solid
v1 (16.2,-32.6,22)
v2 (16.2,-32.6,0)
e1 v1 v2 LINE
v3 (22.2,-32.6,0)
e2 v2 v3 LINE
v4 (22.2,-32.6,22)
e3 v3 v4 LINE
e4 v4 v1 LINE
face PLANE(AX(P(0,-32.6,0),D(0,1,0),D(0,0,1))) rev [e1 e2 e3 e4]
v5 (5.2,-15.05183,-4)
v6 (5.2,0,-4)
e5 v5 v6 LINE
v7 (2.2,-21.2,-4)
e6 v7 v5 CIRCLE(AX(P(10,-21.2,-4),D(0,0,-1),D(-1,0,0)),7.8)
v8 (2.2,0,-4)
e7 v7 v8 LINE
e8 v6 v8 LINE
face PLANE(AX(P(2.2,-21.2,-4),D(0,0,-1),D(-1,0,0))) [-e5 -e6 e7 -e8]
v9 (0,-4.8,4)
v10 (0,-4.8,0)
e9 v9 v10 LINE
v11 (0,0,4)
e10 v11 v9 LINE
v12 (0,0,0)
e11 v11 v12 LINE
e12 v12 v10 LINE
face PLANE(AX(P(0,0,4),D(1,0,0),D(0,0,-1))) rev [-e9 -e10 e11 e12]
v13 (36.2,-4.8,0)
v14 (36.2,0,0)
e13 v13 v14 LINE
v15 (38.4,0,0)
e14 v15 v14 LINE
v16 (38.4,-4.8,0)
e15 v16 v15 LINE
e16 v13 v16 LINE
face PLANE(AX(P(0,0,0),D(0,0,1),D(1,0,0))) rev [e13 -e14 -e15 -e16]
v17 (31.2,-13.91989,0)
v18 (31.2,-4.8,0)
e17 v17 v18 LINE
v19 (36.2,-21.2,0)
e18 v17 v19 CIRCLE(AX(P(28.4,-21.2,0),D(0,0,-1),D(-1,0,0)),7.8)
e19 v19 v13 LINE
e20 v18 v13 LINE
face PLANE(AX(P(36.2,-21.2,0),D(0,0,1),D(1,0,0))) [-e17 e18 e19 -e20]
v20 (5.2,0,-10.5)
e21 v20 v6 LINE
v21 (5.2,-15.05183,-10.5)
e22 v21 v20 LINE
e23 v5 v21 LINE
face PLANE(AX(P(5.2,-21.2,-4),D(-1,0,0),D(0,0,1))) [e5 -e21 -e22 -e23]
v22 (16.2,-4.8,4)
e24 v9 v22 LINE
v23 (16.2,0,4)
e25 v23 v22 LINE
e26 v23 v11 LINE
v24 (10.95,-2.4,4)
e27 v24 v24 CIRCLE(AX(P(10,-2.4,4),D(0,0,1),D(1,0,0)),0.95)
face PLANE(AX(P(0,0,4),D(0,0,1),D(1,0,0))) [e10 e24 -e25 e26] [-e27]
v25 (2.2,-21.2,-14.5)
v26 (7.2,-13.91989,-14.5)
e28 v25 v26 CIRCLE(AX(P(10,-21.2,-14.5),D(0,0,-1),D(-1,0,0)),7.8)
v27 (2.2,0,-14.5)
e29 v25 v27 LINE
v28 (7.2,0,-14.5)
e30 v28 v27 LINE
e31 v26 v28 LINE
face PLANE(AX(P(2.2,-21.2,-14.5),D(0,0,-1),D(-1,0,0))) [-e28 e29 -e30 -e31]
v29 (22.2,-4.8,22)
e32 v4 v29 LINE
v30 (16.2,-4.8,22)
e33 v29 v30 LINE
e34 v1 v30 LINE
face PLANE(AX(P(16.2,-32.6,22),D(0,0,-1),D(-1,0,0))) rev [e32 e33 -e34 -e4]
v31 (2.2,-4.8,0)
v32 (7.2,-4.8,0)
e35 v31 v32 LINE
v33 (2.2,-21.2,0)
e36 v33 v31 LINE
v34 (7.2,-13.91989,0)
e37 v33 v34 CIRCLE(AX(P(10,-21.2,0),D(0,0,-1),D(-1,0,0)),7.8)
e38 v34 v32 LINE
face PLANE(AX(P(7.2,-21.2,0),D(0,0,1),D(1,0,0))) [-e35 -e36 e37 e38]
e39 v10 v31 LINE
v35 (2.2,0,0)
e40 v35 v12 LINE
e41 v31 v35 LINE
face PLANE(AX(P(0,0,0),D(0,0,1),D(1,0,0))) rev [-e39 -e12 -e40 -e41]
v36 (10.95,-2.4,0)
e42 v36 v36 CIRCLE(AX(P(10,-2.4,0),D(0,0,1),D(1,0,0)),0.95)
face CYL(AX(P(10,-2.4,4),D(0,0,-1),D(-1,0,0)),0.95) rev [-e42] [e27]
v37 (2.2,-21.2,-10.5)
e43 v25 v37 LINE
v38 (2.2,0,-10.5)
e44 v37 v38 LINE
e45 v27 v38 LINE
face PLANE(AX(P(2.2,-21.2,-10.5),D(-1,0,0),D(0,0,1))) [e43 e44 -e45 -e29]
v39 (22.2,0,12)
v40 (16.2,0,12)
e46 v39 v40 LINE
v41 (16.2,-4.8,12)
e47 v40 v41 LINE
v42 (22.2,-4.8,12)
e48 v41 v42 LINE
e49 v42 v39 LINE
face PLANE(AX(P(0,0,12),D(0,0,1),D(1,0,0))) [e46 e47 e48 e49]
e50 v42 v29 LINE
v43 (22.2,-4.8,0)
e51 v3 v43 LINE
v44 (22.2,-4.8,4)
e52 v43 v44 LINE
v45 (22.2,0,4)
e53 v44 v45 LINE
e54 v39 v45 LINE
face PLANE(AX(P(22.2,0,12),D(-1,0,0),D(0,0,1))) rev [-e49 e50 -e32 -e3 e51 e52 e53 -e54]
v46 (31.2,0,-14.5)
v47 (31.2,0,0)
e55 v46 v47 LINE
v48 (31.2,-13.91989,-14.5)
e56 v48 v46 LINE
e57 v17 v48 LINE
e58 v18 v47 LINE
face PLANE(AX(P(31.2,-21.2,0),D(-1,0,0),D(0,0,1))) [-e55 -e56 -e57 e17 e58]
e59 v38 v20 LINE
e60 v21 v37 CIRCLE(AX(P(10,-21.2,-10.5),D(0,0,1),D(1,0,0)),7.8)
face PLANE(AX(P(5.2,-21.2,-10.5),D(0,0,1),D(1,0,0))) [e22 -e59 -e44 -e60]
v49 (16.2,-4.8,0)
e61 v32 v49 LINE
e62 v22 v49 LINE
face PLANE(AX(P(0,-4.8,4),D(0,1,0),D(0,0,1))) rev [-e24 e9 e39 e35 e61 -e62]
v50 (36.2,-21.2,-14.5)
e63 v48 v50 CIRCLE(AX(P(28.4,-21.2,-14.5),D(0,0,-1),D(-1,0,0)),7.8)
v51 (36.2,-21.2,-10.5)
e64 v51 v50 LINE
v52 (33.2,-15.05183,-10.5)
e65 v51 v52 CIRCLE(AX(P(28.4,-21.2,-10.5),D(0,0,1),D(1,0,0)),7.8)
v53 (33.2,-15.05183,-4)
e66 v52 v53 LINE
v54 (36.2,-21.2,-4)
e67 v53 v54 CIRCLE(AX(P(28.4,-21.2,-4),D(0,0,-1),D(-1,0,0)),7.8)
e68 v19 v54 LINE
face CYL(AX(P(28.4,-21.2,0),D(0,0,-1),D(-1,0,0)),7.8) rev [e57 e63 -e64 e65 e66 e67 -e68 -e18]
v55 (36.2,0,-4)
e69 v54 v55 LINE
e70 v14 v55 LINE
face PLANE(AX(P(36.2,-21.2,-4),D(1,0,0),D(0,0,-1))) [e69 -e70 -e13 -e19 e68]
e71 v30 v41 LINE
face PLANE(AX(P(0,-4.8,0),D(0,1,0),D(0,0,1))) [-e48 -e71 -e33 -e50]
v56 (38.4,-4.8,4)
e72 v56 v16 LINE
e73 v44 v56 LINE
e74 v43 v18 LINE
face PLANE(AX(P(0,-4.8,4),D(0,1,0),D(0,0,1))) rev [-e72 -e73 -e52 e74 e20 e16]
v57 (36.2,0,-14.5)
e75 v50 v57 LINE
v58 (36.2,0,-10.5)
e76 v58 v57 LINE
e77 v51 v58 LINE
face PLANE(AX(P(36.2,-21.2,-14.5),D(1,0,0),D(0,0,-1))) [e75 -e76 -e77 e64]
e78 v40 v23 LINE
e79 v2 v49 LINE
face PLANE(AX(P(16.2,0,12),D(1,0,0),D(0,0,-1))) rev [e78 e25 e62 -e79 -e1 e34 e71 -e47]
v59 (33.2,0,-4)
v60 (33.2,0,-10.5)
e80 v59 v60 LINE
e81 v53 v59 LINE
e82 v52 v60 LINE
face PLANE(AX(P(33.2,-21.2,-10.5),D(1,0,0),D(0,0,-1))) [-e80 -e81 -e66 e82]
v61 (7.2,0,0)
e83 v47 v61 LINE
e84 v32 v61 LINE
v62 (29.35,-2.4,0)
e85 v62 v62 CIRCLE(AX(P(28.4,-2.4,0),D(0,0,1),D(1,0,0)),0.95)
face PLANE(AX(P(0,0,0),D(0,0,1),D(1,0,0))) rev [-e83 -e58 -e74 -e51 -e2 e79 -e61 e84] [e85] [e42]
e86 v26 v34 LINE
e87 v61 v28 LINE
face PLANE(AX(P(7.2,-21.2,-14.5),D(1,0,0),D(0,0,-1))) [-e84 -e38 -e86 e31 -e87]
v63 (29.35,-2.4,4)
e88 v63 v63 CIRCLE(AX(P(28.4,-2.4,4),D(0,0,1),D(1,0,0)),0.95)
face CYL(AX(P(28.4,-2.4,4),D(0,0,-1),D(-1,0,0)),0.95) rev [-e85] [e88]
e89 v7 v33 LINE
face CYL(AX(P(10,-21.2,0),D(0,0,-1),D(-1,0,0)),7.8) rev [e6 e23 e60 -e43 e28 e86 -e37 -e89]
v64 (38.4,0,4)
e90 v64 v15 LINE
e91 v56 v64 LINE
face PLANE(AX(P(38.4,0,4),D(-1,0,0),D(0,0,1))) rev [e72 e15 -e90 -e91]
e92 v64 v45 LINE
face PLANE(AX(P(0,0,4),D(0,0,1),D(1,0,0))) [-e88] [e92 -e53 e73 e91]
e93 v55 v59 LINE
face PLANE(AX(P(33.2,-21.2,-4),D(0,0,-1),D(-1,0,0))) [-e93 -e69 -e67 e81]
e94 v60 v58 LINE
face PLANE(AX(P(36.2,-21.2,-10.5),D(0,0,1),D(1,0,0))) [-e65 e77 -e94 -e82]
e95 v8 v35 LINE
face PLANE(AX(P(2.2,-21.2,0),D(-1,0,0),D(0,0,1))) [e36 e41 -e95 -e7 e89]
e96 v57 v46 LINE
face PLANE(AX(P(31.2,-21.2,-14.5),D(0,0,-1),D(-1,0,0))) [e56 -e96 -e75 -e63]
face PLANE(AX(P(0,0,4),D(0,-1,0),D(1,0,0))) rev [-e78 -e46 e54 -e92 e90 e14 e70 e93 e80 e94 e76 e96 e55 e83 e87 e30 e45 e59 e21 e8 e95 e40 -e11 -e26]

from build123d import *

# Parameters (mm, degrees)
SKETCH_1_W          = 38.4
SKETCH_1_H          = 4.8
SKETCH_1_R          = 0.95
EXTRUDE_1_DEPTH     = 4
EXTRUDE_2_DEPTH     = 21.2
SKETCH_5_R          = 7.8
CUT_EXTRUDE_2_DEPTH = 14.5
SKETCH_8_W          = 6
SKETCH_8_H          = 4.8
EXTRUDE_4_DEPTH     = 8
SKETCH_9_W          = 6
SKETCH_9_H          = 22
EXTRUDE_5_DEPTH     = 27.8


with BuildPart() as part:
    # 草图1 → 凸台-拉伸1 (new body)
    with BuildSketch(Plane.XY):
        with Locations((19.2, -2.4)):
            Rectangle(SKETCH_1_W, SKETCH_1_H)
        with Locations((10, -2.4)):
            Circle(SKETCH_1_R, mode=Mode.SUBTRACT)
        with Locations((28.4, -2.4)):
            Circle(SKETCH_1_R, mode=Mode.SUBTRACT)
    extrude(amount=EXTRUDE_1_DEPTH)

    # 草图4 → 凸台-拉伸2 (add)
    with BuildSketch(Plane(origin=(0, 0, 0), x_dir=(1, 0, 0), z_dir=(0, 1, 0))):
        Polygon((2.2, 0), (2.2, 4), (5.2, 4), (5.2, 10.5), (2.2, 10.5), (2.2, 14.5), (7.2, 14.5), (7.2, 0), align=None)
        Polygon((36.2, 0), (31.2, 0), (31.2, 14.5), (36.2, 14.5), (36.2, 10.5), (33.2, 10.5), (33.2, 4), (36.2, 4), align=None)
    extrude(amount=-EXTRUDE_2_DEPTH)

    # 草图5 → 切除-拉伸2 (cut)
    with BuildSketch(Plane(origin=(0, 0, -14.5), x_dir=(-1, 0, 0), z_dir=(0, 0, -1))):
        with Locations((-10, -21.2)):
            Circle(SKETCH_5_R)
        with Locations((-28.4, -21.2)):
            Circle(SKETCH_5_R)
    extrude(amount=-CUT_EXTRUDE_2_DEPTH, mode=Mode.SUBTRACT)

    # 草图8 → 凸台-拉伸4 (add)
    with BuildSketch(Plane.XY.offset(4)):
        with Locations((19.2, -2.4)):
            Rectangle(SKETCH_8_W, SKETCH_8_H)
    extrude(amount=EXTRUDE_4_DEPTH)

    # 草图9 → 凸台-拉伸5 (add)
    with BuildSketch(Plane.XZ.offset(4.8)):
        with Locations((19.2, 11)):
            Rectangle(SKETCH_9_W, SKETCH_9_H)
    extrude(amount=EXTRUDE_5_DEPTH)


solid = part.part
